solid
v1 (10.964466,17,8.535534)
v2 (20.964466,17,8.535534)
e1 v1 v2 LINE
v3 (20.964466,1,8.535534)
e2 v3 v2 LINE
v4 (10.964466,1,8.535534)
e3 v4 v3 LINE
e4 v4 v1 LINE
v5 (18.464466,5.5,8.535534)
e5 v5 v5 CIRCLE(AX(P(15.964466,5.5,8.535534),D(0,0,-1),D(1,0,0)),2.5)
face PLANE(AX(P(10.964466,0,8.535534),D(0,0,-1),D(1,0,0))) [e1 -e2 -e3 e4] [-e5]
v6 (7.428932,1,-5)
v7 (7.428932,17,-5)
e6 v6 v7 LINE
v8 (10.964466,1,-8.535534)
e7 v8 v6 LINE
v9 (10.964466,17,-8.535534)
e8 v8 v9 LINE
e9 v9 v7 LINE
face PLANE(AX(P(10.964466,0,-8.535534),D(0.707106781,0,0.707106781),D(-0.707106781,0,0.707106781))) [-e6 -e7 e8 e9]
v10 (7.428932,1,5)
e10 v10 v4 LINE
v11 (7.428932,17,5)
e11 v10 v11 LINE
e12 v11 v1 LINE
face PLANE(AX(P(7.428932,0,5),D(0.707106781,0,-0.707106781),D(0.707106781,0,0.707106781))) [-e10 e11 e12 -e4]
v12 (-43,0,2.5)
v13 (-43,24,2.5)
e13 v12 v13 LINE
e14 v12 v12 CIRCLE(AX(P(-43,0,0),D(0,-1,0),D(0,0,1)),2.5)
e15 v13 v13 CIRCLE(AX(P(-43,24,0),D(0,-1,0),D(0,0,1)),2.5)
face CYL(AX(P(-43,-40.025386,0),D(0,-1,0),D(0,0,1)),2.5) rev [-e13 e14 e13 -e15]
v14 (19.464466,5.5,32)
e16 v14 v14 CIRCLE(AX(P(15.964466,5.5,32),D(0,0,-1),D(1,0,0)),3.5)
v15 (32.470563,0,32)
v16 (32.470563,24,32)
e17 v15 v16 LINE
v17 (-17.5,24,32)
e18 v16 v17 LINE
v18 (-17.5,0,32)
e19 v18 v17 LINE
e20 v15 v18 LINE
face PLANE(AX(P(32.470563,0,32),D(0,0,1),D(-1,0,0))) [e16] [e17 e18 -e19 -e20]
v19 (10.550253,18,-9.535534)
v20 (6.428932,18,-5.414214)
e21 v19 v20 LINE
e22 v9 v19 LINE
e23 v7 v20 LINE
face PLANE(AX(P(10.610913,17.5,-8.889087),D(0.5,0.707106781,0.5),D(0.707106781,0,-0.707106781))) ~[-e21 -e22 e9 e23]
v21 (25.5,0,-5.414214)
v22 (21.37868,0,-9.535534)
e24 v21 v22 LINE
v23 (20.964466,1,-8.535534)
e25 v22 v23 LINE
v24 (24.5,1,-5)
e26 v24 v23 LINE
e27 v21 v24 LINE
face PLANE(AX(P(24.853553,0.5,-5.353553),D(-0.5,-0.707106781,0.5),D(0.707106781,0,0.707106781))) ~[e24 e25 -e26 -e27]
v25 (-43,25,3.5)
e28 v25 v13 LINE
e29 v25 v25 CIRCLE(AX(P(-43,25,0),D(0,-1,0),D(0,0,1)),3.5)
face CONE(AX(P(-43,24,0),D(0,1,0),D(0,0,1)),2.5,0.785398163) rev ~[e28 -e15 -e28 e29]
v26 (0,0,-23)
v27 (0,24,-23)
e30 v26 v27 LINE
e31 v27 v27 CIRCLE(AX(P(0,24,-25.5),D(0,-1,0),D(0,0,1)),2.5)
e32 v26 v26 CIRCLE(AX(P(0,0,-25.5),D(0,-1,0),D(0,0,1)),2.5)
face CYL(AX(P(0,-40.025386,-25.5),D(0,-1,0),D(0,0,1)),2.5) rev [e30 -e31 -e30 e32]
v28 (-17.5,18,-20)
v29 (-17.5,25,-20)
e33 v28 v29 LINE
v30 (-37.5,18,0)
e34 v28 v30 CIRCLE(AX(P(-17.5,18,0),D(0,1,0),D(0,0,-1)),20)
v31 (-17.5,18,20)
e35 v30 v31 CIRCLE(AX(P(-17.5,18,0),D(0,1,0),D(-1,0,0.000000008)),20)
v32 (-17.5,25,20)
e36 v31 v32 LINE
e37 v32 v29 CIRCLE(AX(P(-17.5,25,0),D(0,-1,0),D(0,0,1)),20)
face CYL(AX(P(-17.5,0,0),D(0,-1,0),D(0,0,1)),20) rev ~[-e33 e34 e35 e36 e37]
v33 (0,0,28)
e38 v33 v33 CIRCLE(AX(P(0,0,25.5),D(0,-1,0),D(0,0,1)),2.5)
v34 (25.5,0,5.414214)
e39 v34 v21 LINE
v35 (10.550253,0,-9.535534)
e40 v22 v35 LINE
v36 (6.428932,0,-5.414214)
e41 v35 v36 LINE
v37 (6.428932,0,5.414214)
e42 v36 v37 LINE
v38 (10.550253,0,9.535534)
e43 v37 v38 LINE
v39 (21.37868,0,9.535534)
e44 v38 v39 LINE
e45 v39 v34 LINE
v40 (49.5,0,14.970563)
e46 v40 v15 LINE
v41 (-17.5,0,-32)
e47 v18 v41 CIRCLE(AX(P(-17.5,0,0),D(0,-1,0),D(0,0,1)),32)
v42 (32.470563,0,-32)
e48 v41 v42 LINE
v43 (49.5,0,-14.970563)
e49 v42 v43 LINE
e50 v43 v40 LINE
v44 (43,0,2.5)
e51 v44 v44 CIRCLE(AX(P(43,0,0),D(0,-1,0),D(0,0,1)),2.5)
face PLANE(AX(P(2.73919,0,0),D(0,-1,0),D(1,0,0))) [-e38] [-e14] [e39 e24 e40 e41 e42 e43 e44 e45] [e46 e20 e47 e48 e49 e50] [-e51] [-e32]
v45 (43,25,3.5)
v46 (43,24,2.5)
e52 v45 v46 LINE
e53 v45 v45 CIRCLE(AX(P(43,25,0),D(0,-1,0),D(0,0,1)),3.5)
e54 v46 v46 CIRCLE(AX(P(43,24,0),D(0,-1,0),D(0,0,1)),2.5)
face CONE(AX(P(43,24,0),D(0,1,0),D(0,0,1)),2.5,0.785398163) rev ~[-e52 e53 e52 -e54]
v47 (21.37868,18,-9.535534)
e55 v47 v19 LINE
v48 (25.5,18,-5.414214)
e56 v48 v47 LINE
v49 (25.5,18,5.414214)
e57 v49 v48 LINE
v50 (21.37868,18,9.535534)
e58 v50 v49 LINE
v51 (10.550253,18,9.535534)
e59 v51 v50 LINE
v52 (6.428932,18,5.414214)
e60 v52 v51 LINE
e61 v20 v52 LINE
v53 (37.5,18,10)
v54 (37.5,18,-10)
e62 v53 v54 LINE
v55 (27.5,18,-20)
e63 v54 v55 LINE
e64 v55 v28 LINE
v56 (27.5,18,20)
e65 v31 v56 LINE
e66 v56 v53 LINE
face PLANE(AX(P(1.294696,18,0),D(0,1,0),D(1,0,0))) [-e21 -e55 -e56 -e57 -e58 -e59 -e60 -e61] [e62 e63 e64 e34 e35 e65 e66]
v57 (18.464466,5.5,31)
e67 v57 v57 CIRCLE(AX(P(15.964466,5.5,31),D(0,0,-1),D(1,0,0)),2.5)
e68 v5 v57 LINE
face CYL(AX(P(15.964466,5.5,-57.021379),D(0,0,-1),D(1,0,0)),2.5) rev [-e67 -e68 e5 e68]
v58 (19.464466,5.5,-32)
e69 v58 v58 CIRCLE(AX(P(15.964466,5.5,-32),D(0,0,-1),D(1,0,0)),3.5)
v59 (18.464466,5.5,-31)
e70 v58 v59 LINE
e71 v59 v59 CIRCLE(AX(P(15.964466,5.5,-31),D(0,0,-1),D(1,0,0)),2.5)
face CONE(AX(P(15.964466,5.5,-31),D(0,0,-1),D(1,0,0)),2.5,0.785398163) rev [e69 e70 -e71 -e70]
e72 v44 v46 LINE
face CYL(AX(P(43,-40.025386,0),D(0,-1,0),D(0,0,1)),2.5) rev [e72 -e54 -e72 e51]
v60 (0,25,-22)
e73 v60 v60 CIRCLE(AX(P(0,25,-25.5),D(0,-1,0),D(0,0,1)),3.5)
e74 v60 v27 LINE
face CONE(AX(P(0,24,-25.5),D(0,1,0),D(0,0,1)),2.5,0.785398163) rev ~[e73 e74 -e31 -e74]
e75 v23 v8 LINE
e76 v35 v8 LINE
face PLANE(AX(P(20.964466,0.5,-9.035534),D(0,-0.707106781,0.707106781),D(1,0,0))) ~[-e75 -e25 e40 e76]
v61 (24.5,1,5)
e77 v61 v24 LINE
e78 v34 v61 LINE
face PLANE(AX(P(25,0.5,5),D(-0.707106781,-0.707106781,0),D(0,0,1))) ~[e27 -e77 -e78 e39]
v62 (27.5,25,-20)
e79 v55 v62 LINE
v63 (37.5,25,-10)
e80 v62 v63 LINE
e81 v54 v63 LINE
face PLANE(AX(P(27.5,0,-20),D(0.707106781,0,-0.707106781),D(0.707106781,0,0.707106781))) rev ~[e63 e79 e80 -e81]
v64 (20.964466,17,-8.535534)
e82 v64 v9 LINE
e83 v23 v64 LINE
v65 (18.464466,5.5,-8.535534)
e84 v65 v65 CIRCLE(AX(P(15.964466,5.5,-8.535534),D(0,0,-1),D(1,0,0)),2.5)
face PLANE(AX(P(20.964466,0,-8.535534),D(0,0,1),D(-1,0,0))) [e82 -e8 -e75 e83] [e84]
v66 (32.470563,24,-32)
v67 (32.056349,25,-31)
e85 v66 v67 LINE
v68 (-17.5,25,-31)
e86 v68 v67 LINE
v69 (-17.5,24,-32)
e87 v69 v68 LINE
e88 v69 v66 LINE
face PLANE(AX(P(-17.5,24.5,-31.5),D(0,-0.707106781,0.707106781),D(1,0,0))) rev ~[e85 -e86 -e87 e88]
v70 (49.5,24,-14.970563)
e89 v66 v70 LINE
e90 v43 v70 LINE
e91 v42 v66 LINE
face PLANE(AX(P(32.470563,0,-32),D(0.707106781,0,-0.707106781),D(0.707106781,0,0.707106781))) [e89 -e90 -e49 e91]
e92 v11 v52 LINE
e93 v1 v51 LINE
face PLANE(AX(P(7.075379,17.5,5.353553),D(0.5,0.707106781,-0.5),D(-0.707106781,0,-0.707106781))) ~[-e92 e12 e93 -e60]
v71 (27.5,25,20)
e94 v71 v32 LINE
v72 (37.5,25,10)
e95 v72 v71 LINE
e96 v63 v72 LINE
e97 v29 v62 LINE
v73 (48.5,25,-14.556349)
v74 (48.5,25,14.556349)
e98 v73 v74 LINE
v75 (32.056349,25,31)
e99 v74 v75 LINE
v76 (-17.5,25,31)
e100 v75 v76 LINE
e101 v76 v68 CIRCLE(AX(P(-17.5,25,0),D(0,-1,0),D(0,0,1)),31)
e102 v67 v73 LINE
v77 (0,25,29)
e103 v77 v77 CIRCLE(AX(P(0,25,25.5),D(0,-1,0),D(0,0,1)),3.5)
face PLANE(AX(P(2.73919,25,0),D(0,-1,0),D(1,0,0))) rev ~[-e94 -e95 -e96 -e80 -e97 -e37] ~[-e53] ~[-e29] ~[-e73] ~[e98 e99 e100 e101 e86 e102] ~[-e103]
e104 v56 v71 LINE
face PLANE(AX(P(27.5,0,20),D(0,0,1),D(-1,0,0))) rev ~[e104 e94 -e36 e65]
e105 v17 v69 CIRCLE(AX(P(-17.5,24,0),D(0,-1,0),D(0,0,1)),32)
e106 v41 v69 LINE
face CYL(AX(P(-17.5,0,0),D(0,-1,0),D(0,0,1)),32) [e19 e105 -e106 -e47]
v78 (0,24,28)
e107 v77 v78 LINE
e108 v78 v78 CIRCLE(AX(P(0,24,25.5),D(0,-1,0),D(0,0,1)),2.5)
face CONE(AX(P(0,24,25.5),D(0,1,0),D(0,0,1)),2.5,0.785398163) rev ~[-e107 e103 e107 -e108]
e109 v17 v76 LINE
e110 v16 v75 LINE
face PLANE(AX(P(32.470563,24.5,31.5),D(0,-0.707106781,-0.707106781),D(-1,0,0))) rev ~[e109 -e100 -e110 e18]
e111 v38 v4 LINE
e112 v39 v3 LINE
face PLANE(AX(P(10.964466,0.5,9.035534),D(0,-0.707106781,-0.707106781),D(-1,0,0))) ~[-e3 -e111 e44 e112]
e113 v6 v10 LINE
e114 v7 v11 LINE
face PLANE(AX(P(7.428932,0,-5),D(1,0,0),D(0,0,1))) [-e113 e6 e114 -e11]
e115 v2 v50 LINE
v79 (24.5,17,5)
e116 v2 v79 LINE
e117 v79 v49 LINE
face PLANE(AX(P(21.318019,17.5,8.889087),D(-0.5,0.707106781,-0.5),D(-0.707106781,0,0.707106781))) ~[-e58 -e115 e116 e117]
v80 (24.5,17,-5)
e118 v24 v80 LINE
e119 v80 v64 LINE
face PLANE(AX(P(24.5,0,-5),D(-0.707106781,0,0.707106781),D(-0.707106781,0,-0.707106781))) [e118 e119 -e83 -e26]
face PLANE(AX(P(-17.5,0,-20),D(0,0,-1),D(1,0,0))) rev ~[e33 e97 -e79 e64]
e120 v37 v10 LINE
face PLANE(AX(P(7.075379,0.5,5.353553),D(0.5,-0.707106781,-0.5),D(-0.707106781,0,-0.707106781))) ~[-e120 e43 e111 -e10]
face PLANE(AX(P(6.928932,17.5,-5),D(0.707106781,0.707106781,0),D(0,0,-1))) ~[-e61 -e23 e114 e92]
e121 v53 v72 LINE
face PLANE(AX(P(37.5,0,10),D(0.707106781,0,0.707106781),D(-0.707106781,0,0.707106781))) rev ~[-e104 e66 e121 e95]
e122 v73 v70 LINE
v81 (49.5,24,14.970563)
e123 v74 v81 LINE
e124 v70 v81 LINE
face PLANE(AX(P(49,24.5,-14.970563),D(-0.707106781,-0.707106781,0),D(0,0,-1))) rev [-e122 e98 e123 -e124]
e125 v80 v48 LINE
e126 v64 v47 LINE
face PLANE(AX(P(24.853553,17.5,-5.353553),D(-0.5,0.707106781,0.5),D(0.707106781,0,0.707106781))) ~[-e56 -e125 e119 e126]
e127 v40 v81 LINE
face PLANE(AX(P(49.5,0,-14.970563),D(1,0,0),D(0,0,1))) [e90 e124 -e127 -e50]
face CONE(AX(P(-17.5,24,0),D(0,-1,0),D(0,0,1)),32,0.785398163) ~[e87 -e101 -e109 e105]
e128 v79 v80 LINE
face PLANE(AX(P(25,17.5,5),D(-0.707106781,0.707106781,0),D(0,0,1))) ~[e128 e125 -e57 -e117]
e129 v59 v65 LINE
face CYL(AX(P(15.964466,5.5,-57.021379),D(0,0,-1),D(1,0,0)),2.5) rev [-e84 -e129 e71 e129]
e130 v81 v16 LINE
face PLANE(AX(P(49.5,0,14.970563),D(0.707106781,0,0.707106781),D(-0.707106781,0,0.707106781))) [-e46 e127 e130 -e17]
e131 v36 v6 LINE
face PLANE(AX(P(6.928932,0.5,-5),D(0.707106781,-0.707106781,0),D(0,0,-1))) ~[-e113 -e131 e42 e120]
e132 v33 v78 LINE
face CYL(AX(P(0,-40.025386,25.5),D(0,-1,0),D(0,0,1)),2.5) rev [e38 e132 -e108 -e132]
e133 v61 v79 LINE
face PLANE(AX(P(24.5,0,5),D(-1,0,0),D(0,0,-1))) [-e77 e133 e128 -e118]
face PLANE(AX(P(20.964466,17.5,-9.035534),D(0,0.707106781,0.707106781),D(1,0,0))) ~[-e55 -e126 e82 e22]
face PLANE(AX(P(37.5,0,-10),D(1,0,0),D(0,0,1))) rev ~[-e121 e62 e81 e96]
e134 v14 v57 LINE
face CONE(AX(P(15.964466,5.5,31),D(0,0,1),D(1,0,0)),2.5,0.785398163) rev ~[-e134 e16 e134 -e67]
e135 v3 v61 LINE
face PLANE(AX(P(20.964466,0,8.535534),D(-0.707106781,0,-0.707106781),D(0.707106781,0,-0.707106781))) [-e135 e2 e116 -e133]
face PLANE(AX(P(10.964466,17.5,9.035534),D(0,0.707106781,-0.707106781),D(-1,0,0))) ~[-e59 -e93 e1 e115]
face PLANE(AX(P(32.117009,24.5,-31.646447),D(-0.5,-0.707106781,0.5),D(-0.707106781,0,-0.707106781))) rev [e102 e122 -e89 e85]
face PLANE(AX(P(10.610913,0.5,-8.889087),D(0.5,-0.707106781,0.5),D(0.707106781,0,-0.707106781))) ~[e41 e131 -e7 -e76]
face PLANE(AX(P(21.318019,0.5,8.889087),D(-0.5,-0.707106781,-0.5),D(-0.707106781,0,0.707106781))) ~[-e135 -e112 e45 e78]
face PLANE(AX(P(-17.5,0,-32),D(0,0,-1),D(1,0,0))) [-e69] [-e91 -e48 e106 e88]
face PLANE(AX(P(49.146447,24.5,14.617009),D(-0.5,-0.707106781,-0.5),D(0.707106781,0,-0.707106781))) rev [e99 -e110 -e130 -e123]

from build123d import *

# Parameters (mm, degrees)
BOSS_EXTRUDE1_DEPTH     = 18
CUT_EXTRUDE1_DEPTH      = 18
EXTRUDE_THIN1_DEPTH     = 25
CUT_EXTRUDE2_DEPTH      = 77.021378572
CUT_EXTRUDE2_DEPTH_BACK = 77.021378572
SKETCH3_R               = 2.5
CHAMFER1_SIZE           = 1
CUT_EXTRUDE3_DEPTH      = 65.02538559
CUT_EXTRUDE3_DEPTH_BACK = 65.02538559
SKETCH6_R               = 2.5
CHAMFER3_SIZE           = 1


with BuildPart() as part:
    # Sketch1 → Boss-Extrude1 (new body)
    with BuildSketch(Plane(origin=(0, 0, 0), x_dir=(1, 0, 0), z_dir=(0, 1, 0))):
        with BuildLine():
            Line((37.5, -10), (37.5, 10))
            Line((37.5, 10), (27.5, 20))
            Line((27.5, 20), (-17.5, 20))
            ThreePointArc((-17.5, 20), (-31.64213568, 14.142135567), (-37.5, -1.6e-07))
            ThreePointArc((-37.5, -1.6e-07), (-31.642135567, -14.14213568), (-17.5, -20))
            Line((-17.5, -20), (27.5, -20))
            Line((27.5, -20), (37.5, -10))
        make_face()
    extrude(amount=BOSS_EXTRUDE1_DEPTH)

    # Sketch2 → Cut-Extrude1 (cut)
    with BuildSketch(Plane.XZ):
        Polygon((24.5, 5), (24.5, -5), (20.964466094, -8.535533906), (10.964466094, -8.535533906), (7.428932188, -5), (7.428932188, 5), (10.964466094, 8.535533906), (20.964466094, 8.535533906), align=None)
    extrude(amount=-CUT_EXTRUDE1_DEPTH, mode=Mode.SUBTRACT)

    # Sketch4 → Extrude-Thin1 (add)
    with BuildSketch(Plane.XZ):
        with BuildLine():
            Line((-17.5, -32), (32.470562748, -32))
            Line((32.470562748, -32), (49.5, -14.970562748))
            Line((49.5, -14.970562748), (49.5, 14.970562748))
            Line((49.5, 14.970562748), (32.470562748, 32))
            Line((32.470562748, 32), (-17.5, 32))
            ThreePointArc((-17.5, 32), (-49.5, 0), (-17.5, -32))
        make_face()
        with BuildLine():
            Line((-17.5, -20), (27.5, -20))
            Line((27.5, -20), (37.5, -10))
            Line((37.5, -10), (37.5, 10))
            Line((37.5, 10), (27.5, 20))
            Line((27.5, 20), (-17.5, 20))
            ThreePointArc((-17.5, 20), (-37.5, 0), (-17.5, -20))
        make_face(mode=Mode.SUBTRACT)
    extrude(amount=-EXTRUDE_THIN1_DEPTH)

    # Sketch3 → Cut-Extrude2 (cut, two sides: drawn at the far end of the back side and taken through both)
    with BuildSketch(Plane.XY.offset(20).offset(-CUT_EXTRUDE2_DEPTH_BACK)):
        with Locations((15.964466094, 5.5)):
            Circle(SKETCH3_R)
    extrude(amount=CUT_EXTRUDE2_DEPTH + CUT_EXTRUDE2_DEPTH_BACK, mode=Mode.SUBTRACT)

    # Chamfer1
    chamfer1_edges = [part.edges().sort_by_distance(p)[0] for p in [
        (15.964466094, 0, 8.535533906),
        (9.196699141, 0, 6.767766953),
        (7.428932188, 0, 0),
        (9.196699141, 0, -6.767766953),
        (15.964466094, 0, -8.535533906),
        (22.732233047, 0, -6.767766953),
        (24.5, 0, 0),
        (22.732233047, 0, 6.767766953),
        (9.196699141, 18, 6.767766953),
        (7.428932188, 18, 0),
        (9.196699141, 18, -6.767766953),
        (15.964466094, 18, -8.535533906),
        (22.732233047, 18, -6.767766953),
        (24.5, 18, 0),
        (22.732233047, 18, 6.767766953),
        (15.964466094, 18, 8.535533906),
        (-49.5, 25, 0),
        (7.485281374, 25, 32),
        (40.985281374, 25, 23.485281374),
        (49.5, 25, 0),
        (40.985281374, 25, -23.485281374),
        (7.485281374, 25, -32),
        (13.464466094, 5.5, -32),
        (13.464466094, 5.5, 32),
    ]]
    chamfer(chamfer1_edges, length=CHAMFER1_SIZE)

    # Sketch6 → Cut-Extrude3 (cut, two sides: drawn at the far end of the back side and taken through both)
    with BuildSketch(Plane(origin=(0, 25, 0), x_dir=(1, 0, 0), z_dir=(0, 1, 0)).offset(-CUT_EXTRUDE3_DEPTH_BACK)):
        with Locations(Location((0, 25.5, 0), (0, 0, 270))):
            Circle(SKETCH6_R)
        with Locations(Location((0, -25.5, 0), (0, 0, 270))):
            Circle(SKETCH6_R)
        with Locations(Location((43, 0, 0), (0, 0, 270))):
            Circle(SKETCH6_R)
        with Locations(Location((-43, 0, 0), (0, 0, 270))):
            Circle(SKETCH6_R)
    extrude(amount=CUT_EXTRUDE3_DEPTH + CUT_EXTRUDE3_DEPTH_BACK, mode=Mode.SUBTRACT)

    # Chamfer3
    chamfer3_edges = [part.edges().sort_by_distance(p)[0] for p in [
        (0, 25, -28),
        (0, 25, 23),
        (43, 25, -2.5),
        (-43, 25, -2.5),
    ]]
    chamfer(chamfer3_edges, length=CHAMFER3_SIZE)


solid = part.part
